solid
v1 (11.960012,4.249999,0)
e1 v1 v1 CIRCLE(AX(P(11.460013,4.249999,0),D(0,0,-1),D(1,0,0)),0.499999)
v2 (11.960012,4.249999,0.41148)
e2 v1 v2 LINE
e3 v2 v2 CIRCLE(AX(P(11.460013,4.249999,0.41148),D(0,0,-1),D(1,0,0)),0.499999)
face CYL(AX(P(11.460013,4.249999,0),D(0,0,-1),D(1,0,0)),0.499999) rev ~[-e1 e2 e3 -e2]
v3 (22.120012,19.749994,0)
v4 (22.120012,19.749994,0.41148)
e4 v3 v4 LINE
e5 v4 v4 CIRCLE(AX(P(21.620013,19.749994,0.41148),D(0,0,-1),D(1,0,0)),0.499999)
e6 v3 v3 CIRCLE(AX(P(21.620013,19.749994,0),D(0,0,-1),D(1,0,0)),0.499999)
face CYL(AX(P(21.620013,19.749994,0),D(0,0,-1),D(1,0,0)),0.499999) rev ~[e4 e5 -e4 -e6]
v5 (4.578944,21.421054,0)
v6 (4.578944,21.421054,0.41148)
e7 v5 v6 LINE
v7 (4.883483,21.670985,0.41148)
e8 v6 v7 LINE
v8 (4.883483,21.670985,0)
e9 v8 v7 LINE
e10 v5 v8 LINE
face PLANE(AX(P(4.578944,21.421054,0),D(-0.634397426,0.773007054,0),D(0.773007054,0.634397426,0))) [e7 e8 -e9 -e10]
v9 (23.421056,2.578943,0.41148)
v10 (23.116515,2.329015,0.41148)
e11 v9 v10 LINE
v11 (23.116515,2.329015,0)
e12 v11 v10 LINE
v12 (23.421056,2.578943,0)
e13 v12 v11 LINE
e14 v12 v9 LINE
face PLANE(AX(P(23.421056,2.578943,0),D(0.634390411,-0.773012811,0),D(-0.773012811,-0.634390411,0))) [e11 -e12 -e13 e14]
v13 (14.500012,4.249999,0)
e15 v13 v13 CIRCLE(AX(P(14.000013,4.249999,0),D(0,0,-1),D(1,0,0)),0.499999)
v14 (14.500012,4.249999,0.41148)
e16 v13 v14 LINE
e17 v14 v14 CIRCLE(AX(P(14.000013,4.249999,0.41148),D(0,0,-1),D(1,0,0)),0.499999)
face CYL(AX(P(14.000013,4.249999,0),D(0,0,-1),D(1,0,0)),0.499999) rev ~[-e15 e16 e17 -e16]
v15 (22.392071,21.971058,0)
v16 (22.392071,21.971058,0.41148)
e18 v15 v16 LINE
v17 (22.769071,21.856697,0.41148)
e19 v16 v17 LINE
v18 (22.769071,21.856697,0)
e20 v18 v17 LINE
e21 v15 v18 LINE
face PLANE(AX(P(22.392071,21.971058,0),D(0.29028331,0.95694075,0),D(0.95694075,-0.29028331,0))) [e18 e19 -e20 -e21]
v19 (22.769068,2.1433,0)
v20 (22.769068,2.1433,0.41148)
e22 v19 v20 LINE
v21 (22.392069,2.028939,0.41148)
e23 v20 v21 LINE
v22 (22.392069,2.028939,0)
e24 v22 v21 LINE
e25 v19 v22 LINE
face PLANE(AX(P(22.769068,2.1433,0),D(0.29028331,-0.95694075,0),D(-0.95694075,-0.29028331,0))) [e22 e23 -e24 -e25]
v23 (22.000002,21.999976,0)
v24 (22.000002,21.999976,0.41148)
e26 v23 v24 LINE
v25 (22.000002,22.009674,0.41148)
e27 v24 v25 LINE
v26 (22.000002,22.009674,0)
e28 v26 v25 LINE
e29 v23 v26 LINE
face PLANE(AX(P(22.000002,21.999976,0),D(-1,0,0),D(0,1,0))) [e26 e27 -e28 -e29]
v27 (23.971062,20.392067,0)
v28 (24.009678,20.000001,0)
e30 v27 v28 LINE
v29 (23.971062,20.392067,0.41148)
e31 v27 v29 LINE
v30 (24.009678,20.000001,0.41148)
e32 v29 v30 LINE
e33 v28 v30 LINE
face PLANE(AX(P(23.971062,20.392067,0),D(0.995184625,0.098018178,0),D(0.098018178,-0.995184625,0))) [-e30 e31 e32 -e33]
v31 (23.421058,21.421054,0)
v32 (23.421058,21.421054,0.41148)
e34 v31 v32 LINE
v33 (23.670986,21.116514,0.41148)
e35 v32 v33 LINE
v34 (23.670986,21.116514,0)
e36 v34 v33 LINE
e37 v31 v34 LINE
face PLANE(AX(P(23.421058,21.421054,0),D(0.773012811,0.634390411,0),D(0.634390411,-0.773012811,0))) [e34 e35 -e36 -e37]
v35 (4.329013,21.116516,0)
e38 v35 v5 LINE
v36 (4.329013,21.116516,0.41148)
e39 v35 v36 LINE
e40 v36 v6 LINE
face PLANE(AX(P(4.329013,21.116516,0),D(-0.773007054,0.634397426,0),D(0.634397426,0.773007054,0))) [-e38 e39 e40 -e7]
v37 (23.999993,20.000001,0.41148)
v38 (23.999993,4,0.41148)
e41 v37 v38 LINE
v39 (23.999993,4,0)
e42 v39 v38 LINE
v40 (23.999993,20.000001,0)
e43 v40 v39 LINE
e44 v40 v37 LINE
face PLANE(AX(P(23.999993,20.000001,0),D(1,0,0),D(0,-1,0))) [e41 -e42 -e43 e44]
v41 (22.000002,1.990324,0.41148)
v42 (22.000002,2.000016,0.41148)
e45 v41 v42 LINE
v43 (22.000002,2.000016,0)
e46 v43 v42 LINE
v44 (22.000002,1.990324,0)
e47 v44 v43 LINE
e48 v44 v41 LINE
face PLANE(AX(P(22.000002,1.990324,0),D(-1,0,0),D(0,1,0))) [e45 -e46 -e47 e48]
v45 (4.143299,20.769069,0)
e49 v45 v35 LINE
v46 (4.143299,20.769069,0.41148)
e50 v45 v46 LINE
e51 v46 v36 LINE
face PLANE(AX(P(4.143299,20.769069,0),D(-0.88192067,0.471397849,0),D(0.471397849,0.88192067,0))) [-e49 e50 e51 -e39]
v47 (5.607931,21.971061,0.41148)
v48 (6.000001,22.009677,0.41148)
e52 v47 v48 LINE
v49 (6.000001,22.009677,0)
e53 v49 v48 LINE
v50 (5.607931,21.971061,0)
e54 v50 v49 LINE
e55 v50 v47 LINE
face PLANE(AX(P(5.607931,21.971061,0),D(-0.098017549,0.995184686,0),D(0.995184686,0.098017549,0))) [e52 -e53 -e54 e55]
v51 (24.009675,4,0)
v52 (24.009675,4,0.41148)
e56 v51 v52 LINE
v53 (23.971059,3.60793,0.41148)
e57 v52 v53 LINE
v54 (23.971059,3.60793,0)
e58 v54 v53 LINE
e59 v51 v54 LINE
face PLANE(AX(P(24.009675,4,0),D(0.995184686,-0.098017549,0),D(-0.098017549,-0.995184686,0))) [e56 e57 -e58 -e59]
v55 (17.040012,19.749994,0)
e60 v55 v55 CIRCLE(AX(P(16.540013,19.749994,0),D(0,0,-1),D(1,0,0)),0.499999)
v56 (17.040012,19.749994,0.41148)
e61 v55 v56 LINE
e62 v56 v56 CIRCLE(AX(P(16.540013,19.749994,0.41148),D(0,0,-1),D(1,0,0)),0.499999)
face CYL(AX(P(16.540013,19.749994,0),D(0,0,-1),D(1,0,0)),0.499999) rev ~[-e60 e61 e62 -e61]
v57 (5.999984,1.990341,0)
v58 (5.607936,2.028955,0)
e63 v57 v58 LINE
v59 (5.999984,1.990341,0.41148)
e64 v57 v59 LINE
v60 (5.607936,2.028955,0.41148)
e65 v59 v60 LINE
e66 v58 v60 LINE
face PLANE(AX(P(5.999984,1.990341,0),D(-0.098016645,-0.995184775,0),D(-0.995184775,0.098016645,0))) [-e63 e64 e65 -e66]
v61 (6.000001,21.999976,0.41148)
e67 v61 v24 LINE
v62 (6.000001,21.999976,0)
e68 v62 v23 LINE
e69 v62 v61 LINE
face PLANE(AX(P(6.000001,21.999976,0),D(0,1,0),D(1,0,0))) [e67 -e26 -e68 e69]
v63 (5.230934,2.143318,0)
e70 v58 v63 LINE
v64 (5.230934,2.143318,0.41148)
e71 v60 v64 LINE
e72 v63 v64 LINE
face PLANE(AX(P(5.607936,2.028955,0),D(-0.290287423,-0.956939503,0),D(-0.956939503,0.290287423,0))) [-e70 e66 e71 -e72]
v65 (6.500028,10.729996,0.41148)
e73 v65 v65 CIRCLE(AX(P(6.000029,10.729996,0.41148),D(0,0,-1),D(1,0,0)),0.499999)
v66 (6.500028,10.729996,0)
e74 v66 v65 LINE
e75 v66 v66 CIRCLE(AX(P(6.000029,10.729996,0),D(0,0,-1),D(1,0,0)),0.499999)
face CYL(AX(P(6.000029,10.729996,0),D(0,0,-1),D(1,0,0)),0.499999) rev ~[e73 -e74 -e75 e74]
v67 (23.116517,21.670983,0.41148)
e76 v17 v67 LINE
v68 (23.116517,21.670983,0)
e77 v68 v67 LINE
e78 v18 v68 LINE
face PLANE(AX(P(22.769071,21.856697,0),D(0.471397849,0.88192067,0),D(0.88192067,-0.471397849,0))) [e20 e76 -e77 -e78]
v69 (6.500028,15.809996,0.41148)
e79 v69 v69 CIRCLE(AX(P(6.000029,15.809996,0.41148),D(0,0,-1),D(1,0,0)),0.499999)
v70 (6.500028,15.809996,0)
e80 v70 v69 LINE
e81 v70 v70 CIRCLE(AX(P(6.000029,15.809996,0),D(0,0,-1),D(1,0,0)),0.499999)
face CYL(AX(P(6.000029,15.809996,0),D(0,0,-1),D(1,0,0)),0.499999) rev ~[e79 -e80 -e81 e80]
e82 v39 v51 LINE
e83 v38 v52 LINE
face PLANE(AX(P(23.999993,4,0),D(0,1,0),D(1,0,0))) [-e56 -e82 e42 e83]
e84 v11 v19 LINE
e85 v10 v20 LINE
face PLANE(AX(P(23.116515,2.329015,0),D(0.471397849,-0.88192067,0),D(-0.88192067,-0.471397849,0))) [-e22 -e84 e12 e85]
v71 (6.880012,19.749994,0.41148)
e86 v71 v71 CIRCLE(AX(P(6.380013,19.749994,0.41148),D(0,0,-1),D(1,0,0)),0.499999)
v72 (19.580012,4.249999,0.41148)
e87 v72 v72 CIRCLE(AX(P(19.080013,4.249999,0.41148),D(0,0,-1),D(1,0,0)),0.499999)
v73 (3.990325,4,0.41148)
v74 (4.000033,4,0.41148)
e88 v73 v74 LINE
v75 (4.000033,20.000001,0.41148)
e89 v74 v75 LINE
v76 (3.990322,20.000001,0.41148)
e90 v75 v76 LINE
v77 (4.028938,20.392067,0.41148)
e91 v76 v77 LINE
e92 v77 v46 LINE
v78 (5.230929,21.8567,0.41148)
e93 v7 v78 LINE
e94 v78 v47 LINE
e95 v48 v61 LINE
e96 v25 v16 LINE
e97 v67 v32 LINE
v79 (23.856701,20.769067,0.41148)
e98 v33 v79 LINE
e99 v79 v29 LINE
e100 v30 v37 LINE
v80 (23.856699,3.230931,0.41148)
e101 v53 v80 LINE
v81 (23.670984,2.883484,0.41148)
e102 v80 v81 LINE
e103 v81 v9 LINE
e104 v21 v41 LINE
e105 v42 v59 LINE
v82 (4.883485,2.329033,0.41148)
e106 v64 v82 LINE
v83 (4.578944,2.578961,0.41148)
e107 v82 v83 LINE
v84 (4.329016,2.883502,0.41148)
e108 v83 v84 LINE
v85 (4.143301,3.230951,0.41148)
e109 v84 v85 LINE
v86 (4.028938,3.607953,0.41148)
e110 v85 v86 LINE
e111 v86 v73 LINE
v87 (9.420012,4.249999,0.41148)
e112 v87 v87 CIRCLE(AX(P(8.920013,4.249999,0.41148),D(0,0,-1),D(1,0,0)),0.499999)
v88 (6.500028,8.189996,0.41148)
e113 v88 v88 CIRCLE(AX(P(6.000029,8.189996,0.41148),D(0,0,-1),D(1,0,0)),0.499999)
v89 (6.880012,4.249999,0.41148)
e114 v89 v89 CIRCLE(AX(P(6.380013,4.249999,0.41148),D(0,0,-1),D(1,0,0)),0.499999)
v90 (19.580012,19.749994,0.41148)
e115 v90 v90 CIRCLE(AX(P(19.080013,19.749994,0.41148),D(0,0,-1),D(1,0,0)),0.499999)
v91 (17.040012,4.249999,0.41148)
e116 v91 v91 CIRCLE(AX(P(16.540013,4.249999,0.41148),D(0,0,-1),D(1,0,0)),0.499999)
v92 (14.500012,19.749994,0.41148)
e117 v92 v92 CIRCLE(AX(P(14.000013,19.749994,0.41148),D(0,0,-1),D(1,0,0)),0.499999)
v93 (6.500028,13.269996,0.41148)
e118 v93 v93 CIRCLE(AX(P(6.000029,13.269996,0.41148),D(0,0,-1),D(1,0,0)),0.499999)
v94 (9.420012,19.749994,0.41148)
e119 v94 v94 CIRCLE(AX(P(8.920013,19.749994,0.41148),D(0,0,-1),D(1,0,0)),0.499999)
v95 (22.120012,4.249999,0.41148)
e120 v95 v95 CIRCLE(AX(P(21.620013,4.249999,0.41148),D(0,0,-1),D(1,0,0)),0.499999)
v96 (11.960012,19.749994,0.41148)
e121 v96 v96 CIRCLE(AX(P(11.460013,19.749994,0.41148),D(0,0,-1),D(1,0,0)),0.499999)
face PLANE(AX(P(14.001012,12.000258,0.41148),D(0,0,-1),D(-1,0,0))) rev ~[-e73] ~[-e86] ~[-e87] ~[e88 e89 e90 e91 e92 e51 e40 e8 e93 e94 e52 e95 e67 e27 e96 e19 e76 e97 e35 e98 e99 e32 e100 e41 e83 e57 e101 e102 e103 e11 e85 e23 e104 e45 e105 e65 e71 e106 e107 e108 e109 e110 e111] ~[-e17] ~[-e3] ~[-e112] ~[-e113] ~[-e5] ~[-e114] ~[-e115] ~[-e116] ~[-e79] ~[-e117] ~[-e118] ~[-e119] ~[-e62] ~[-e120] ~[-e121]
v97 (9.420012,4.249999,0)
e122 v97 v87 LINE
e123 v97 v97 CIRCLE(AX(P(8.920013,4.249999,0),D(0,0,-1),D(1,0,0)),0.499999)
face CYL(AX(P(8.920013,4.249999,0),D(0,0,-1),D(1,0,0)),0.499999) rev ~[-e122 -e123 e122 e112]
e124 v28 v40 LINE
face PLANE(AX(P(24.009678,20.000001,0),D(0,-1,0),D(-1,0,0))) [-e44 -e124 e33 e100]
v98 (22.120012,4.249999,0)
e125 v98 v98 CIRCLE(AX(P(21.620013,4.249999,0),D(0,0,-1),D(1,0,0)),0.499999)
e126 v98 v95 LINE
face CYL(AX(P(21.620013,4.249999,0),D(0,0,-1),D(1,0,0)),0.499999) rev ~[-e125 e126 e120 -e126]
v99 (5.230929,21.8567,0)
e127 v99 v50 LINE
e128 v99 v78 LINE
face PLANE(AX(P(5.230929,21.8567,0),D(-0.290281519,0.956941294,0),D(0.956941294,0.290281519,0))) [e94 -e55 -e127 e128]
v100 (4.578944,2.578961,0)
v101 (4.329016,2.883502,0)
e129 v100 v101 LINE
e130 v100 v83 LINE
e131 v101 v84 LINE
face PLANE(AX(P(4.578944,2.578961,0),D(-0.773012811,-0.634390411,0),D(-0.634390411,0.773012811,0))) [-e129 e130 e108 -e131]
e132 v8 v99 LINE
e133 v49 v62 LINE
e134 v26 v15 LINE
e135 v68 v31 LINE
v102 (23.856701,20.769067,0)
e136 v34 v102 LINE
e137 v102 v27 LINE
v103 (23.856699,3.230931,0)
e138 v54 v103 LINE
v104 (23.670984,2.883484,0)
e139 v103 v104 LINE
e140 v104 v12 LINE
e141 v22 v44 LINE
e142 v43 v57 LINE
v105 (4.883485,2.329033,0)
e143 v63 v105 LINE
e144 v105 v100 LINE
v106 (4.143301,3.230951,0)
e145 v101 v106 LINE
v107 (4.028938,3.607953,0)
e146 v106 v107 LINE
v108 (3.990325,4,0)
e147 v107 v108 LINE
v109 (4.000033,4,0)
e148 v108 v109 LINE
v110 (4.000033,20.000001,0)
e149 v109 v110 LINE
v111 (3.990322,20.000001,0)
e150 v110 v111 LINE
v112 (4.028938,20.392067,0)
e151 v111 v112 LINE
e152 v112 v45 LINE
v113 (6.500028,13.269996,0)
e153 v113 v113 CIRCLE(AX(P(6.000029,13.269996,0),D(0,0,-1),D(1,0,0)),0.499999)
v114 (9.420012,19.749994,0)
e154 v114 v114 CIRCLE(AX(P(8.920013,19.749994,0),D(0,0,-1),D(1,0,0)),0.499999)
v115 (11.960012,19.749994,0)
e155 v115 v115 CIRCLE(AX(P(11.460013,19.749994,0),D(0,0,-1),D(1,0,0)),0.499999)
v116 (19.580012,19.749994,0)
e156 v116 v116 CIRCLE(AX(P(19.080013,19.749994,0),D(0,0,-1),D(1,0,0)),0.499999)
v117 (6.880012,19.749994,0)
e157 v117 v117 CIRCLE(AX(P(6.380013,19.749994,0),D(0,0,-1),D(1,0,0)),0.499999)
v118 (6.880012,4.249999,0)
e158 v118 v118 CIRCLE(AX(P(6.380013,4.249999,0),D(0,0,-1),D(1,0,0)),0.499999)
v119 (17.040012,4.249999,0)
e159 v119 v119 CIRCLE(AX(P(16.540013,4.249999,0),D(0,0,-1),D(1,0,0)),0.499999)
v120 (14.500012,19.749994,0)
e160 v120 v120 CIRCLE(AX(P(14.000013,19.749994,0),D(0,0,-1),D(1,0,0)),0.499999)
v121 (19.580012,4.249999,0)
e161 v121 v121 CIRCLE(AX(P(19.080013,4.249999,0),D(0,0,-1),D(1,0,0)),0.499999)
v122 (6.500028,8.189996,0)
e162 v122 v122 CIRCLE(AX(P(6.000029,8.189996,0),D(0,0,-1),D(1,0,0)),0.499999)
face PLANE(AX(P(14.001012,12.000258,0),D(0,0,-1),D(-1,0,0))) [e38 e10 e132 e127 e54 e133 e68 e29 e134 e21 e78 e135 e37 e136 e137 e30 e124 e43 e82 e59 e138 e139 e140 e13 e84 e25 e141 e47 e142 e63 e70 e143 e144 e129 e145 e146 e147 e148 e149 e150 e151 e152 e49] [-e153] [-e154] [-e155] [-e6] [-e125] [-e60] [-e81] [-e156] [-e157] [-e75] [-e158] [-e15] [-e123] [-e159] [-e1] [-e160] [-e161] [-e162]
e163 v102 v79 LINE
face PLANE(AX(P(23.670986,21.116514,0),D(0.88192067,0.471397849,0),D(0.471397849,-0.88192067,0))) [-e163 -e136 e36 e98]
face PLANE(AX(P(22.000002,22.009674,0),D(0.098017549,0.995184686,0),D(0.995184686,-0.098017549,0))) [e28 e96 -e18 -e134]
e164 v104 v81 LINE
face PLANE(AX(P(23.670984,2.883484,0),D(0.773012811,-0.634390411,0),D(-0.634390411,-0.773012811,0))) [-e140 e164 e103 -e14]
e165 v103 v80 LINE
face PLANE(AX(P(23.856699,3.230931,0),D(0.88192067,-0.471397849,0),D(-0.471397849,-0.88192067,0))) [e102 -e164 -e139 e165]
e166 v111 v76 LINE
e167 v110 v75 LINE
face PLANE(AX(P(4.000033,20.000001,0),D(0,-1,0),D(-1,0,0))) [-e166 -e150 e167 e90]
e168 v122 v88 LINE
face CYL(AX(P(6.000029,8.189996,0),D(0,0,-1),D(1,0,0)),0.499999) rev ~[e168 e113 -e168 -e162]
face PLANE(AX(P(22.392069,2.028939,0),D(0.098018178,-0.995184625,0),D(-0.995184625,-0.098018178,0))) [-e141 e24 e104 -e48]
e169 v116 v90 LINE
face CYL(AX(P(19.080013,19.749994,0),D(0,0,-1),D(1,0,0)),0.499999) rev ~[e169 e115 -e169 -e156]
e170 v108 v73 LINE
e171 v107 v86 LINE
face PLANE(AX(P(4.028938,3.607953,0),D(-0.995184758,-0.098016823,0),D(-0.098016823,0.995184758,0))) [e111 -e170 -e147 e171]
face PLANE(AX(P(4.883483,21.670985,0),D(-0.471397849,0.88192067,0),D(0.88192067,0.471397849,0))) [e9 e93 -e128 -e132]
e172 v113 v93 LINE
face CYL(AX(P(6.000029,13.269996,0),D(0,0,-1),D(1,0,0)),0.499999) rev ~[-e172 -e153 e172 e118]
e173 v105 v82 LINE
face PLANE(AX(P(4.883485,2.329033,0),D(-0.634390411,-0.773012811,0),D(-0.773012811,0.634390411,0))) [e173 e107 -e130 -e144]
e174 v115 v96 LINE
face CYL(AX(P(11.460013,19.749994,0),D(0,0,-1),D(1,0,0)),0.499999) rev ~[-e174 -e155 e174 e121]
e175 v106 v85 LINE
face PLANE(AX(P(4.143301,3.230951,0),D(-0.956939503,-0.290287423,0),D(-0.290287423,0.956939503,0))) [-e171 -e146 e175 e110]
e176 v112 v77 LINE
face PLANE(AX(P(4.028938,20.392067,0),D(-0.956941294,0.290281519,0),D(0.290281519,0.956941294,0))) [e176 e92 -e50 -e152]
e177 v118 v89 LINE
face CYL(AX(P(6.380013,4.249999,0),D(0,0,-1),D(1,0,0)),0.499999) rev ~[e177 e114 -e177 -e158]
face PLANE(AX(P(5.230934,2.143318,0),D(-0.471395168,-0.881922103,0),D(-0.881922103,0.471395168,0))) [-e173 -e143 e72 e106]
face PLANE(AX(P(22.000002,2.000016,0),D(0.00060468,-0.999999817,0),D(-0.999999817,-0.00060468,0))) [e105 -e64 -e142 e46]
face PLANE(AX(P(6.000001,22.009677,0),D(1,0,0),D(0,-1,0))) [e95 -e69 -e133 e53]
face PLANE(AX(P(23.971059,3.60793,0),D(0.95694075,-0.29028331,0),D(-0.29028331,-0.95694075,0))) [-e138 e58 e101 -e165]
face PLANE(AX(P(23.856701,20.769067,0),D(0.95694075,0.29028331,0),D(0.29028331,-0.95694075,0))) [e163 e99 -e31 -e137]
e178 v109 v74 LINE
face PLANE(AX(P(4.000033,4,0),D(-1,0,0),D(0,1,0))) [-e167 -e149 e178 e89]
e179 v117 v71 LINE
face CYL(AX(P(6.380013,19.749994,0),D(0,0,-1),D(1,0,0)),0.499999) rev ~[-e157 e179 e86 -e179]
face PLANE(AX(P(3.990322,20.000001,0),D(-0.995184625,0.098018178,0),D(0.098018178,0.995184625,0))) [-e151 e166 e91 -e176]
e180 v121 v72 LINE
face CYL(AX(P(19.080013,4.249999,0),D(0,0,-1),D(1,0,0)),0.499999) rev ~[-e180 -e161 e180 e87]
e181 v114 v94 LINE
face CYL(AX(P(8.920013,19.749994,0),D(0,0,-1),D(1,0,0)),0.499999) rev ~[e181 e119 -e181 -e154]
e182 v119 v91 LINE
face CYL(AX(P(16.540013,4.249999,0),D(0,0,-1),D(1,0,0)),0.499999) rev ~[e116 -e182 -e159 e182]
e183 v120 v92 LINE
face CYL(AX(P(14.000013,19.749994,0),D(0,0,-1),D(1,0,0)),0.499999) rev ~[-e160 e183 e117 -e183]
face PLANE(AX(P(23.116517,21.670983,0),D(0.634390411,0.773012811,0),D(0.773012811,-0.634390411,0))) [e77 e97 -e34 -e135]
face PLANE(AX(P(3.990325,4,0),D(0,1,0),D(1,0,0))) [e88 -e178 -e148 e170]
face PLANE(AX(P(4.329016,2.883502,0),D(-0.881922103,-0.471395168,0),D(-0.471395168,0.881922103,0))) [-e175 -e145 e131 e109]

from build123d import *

# Parameters (mm, degrees)
SKETCH_1_R      = 0.499999
EXTRUDE_1_DEPTH = 0.41148


with BuildPart() as part:
    # 草图1 → 凸台-拉伸1 (new body)
    with BuildSketch(Plane(origin=(0, 0, 0), x_dir=(-1, 0, 0), z_dir=(0, 0, -1))):
        Polygon((-4.14330134, 3.23095112), (-4.02893784, 3.60795316), (-3.99032476, 3.99999962), (-4.00003264, 3.99999962), (-4.00003264, 20.00000064), (-3.99032222, 20.00000064), (-4.02893784, 20.39206742), (-4.1432988, 20.76906946), (-4.32901344, 21.11651606), (-4.57894436, 21.42105444), (-4.88348274, 21.67098536), (-5.23092934, 21.8567), (-5.60793138, 21.97106096), (-6.0000007, 22.00967658), (-6.0000007, 21.99997632), (-22.00000172, 21.99997632), (-22.00000172, 22.00967404), (-22.39207104, 21.97105842), (-22.76907054, 21.85669746), (-23.11651714, 21.67098282), (-23.42105806, 21.42105444), (-23.67098644, 21.11651352), (-23.85670108, 20.76906692), (-23.97106204, 20.39206742), (-24.00967766, 20.00000064), (-23.99999264, 20.00000064), (-23.99999264, 3.99999962), (-24.00967512, 3.99999962), (-23.9710595, 3.6079303), (-23.85669854, 3.2309308), (-23.6709839, 2.8834842), (-23.42105552, 2.57894328), (-23.1165146, 2.3290149), (-22.769068, 2.14330026), (-22.3920685, 2.0289393), (-22.00000172, 1.99032368), (-22.00000172, 2.00001632), (-5.999983914, 1.990341433), (-5.60793646, 2.02895454), (-5.23093442, 2.14331804), (-4.88348528, 2.32903268), (-4.57894436, 2.57896106), (-4.32901598, 2.88350198), align=None)
        with Locations(Location((-19.08001264, 19.74999352, 0), (0, 0, 180))):
            Circle(SKETCH_1_R, mode=Mode.SUBTRACT)
        with Locations(Location((-16.54001264, 19.74999352, 0), (0, 0, 180))):
            Circle(SKETCH_1_R, mode=Mode.SUBTRACT)
        with Locations(Location((-21.62001264, 19.74999352, 0), (0, 0, 180))):
            Circle(SKETCH_1_R, mode=Mode.SUBTRACT)
        with Locations(Location((-11.46001264, 19.74999352, 0), (0, 0, 180))):
            Circle(SKETCH_1_R, mode=Mode.SUBTRACT)
        with Locations(Location((-14.00001264, 19.74999352, 0), (0, 0, 180))):
            Circle(SKETCH_1_R, mode=Mode.SUBTRACT)
        with Locations(Location((-19.08001264, 4.24999912, 0), (0, 0, 180))):
            Circle(SKETCH_1_R, mode=Mode.SUBTRACT)
        with Locations(Location((-21.62001264, 4.24999912, 0), (0, 0, 180))):
            Circle(SKETCH_1_R, mode=Mode.SUBTRACT)
        with Locations(Location((-14.00001264, 4.24999912, 0), (0, 0, 180))):
            Circle(SKETCH_1_R, mode=Mode.SUBTRACT)
        with Locations(Location((-16.54001264, 4.24999912, 0), (0, 0, 180))):
            Circle(SKETCH_1_R, mode=Mode.SUBTRACT)
        with Locations(Location((-8.92001264, 19.74999352, 0), (0, 0, 180))):
            Circle(SKETCH_1_R, mode=Mode.SUBTRACT)
        with Locations(Location((-6.38001264, 19.74999352, 0), (0, 0, 180))):
            Circle(SKETCH_1_R, mode=Mode.SUBTRACT)
        with Locations(Location((-6.00002864, 15.80999632, 0), (0, 0, 180))):
            Circle(SKETCH_1_R, mode=Mode.SUBTRACT)
        with Locations(Location((-6.00002864, 13.26999632, 0), (0, 0, 180))):
            Circle(SKETCH_1_R, mode=Mode.SUBTRACT)
        with Locations(Location((-6.00002864, 10.72999632, 0), (0, 0, 180))):
            Circle(SKETCH_1_R, mode=Mode.SUBTRACT)
        with Locations(Location((-8.92001264, 4.24999912, 0), (0, 0, 180))):
            Circle(SKETCH_1_R, mode=Mode.SUBTRACT)
        with Locations(Location((-11.46001264, 4.24999912, 0), (0, 0, 180))):
            Circle(SKETCH_1_R, mode=Mode.SUBTRACT)
        with Locations(Location((-6.00002864, 8.18999632, 0), (0, 0, 180))):
            Circle(SKETCH_1_R, mode=Mode.SUBTRACT)
        with Locations(Location((-6.38001264, 4.24999912, 0), (0, 0, 180))):
            Circle(SKETCH_1_R, mode=Mode.SUBTRACT)
    extrude(amount=-EXTRUDE_1_DEPTH)


solid = part.part
